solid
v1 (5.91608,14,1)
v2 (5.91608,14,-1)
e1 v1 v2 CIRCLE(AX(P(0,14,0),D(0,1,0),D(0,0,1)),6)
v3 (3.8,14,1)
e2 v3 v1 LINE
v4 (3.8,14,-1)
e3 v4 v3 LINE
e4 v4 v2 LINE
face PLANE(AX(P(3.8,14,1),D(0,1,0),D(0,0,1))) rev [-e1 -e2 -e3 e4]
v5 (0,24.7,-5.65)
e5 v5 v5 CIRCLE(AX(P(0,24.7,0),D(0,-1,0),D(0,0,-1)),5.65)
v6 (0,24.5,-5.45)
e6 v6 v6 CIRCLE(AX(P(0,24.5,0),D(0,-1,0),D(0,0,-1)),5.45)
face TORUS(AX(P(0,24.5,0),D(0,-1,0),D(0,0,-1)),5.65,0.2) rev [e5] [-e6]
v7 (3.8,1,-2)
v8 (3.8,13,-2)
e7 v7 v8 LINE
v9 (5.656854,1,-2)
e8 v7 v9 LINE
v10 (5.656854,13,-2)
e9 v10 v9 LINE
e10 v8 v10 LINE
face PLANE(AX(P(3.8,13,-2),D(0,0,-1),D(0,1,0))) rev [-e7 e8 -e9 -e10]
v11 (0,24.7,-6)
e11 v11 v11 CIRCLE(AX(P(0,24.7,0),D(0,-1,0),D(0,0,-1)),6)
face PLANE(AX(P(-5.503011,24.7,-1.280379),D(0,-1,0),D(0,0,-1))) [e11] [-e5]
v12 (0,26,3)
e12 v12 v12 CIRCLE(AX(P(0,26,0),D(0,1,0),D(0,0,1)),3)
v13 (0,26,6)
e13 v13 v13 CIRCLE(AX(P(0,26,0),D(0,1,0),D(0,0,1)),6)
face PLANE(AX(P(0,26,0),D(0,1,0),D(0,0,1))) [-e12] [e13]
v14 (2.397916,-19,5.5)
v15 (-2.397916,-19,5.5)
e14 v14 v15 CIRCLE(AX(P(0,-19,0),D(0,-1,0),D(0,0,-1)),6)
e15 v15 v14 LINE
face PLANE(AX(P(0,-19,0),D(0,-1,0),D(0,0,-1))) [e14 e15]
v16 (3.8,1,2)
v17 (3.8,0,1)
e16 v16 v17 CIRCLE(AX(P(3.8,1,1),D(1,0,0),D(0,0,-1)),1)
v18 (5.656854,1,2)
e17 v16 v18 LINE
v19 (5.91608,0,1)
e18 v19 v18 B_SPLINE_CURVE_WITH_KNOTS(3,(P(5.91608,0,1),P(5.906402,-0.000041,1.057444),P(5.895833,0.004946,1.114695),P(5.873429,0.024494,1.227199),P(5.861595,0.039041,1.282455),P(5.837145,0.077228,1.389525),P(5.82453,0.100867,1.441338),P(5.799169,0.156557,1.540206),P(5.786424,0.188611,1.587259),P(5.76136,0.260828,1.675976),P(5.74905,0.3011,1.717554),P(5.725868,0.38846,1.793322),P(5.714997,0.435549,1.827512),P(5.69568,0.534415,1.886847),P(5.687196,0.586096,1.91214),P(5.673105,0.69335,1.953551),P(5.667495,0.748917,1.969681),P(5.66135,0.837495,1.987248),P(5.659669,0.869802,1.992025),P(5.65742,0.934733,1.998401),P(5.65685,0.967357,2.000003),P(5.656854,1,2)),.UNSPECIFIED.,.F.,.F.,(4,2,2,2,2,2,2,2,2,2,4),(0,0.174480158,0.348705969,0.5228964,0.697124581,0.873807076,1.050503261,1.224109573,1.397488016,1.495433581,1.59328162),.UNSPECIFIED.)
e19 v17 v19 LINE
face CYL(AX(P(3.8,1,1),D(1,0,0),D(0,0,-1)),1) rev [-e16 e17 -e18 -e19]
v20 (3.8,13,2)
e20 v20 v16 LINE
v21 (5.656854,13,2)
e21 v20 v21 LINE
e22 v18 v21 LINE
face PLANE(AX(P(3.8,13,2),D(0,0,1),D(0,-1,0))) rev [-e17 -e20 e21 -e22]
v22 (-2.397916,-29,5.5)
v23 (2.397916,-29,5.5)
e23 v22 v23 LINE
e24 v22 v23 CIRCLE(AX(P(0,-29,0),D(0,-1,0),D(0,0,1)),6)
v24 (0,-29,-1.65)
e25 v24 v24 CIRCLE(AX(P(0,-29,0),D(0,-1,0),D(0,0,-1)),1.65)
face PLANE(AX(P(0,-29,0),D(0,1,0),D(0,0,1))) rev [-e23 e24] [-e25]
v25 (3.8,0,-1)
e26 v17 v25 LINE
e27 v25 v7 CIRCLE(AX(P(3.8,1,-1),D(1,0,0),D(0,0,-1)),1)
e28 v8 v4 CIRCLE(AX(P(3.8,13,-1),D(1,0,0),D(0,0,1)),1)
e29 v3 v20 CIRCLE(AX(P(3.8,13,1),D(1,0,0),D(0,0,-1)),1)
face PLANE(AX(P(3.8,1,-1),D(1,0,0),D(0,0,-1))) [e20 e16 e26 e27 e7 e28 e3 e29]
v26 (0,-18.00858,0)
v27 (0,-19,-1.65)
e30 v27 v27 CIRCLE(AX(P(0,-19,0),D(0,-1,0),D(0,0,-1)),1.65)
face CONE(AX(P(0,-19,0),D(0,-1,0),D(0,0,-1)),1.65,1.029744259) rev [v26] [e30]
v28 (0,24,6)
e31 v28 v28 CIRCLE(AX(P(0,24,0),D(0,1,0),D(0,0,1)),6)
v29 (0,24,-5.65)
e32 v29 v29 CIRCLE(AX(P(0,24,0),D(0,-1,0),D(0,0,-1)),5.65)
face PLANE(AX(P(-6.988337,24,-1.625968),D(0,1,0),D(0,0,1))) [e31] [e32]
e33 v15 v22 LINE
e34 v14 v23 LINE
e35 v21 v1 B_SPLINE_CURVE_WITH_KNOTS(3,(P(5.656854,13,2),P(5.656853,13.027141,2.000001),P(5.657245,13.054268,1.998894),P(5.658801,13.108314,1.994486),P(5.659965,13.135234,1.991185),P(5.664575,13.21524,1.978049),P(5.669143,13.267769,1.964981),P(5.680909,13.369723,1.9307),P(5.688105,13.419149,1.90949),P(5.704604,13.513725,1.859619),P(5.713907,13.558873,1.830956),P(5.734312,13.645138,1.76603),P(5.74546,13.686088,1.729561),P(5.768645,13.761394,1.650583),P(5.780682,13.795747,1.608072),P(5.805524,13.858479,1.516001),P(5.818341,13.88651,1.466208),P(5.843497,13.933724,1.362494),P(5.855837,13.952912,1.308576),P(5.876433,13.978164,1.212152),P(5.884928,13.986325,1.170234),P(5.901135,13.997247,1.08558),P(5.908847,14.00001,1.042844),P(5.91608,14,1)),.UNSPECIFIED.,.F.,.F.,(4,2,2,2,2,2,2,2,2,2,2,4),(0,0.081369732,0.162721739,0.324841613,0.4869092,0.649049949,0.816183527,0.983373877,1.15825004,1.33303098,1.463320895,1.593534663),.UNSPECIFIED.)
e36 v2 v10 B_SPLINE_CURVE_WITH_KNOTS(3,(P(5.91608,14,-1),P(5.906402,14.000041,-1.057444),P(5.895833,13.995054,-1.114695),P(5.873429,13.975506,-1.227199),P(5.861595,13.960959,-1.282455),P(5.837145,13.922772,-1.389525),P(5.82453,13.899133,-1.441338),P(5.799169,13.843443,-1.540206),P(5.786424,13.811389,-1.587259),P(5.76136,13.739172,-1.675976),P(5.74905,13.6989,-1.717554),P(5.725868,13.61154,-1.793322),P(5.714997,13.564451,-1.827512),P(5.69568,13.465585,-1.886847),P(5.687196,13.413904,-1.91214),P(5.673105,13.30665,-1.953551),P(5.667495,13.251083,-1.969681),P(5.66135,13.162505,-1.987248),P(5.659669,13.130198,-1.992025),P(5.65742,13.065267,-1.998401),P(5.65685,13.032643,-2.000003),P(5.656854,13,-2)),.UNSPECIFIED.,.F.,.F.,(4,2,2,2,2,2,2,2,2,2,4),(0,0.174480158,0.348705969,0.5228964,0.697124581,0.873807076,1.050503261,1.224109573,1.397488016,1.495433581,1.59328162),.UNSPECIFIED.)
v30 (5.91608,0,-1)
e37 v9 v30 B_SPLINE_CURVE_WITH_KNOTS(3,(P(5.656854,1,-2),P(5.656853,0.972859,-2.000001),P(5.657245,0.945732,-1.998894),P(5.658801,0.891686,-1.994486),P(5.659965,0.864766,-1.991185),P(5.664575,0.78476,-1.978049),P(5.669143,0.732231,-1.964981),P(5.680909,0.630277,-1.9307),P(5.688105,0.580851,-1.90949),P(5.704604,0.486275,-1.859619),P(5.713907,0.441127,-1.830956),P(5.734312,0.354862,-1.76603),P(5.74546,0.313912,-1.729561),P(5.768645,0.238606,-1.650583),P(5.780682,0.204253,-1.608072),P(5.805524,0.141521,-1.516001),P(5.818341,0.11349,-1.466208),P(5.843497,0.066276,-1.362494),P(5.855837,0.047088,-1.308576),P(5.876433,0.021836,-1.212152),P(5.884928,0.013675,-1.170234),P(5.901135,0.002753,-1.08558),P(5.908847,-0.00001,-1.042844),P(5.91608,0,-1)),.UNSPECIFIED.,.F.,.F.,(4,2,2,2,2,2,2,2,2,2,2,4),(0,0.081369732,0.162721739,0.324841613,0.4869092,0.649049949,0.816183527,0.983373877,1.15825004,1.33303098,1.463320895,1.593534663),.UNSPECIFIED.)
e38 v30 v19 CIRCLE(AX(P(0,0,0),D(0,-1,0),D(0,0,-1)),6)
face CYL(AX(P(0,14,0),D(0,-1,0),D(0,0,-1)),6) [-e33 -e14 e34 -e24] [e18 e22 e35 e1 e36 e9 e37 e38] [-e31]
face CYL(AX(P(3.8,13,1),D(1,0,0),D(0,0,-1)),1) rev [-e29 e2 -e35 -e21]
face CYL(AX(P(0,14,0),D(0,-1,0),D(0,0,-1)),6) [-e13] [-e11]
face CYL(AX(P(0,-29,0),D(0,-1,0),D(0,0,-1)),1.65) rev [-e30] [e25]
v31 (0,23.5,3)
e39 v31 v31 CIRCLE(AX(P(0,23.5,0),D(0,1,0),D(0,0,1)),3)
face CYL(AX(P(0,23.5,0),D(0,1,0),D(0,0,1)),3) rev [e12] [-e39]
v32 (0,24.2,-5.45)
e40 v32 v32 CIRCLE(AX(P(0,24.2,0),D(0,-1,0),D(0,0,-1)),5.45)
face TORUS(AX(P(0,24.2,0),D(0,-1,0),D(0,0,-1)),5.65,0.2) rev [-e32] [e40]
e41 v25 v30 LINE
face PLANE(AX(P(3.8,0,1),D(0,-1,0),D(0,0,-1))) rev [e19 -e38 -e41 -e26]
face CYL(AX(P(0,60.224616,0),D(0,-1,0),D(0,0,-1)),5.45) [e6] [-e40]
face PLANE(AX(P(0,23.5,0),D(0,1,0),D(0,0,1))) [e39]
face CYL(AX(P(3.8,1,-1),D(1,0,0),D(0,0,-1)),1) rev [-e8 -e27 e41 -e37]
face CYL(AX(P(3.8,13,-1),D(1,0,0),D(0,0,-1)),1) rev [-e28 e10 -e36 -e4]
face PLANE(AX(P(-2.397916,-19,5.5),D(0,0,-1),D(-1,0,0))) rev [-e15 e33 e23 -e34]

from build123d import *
from build123d.topology import SkipClean

# Parameters (mm, degrees)
BOSS_EXTRUDE1_DEPTH   = 14
SKETCH2_R             = 6
BOSS_EXTRUDE2_DEPTH   = 12
BOSS_EXTRUDE3_START   = 15
SKETCH3_R             = 6
BOSS_EXTRUDE3_DEPTH   = 15
CUT_EXTRUDE1_DEPTH    = 2.2
BOSS_EXTRUDE4_START   = 14
BOSS_EXTRUDE4_DEPTH   = 14
CUT_EXTRUDE2_DEPTH    = 10
SKETCH24_R            = 3
CUT_EXTRUDE3_DEPTH    = 2.5
M4_TAPPED_HOLE1_D     = 3.3
M4_TAPPED_HOLE1_DEPTH = 10
M4_TAPPED_HOLE1_TIP   = 0.991420021


with BuildPart() as part:
    # Sketch1 → Boss-Extrude1 (new body)
    with BuildSketch(Plane(origin=(0, 0, 0), x_dir=(1, 0, 0), z_dir=(0, 1, 0))):
        with BuildLine():
            ThreePointArc((5.656854249, 2), (-6, 0), (5.656854249, -2))
            ThreePointArc((5.656854249, -2), (6, 0), (5.656854249, 2))
        make_face()
    extrude(amount=BOSS_EXTRUDE1_DEPTH)

    # Sketch2 → Boss-Extrude2 (add)
    with BuildSketch(Plane(origin=(0, 14, 0), x_dir=(1, 0, 0), z_dir=(0, 1, 0))):
        with Locations(Location((0, 0, 0), (0, 0, 270))):
            Circle(SKETCH2_R)
    extrude(amount=BOSS_EXTRUDE2_DEPTH)

    # Sketch3 → Boss-Extrude3 (add)
    with BuildSketch(Plane.XZ.offset(BOSS_EXTRUDE3_START)):
        with Locations(Location((0, 0, 0), (0, 0, 270))):
            Circle(SKETCH3_R)
    extrude(amount=-BOSS_EXTRUDE3_DEPTH)

    # Groove Sketch → Retaining Ring Groove (revolve, cut)
    with BuildSketch(Plane(origin=(1.604252923, 12.182890291, 0.373259529), x_dir=(-0.9343262431877186, 0.2824476966643587, -0.2173885230174828), z_dir=(-0.2266157025474993, 0, 0.9739842521103221)), mode=Mode.PRIVATE) as retaining_ring_groove_sk:
        with BuildLine():
            Line((10.535414006, -9.946396708), (11.998320123, -9.51566397))
            Line((11.998320123, -9.51566397), (11.800606735, -8.84416608))
            Line((11.800606735, -8.84416608), (10.337700618, -9.274898818))
            ThreePointArc((10.337700618, -9.274898818), (10.21858296, -9.371036434), (10.202333617, -9.523244897))
            Line((10.202333617, -9.523244897), (10.287067926, -9.811029707))
            ThreePointArc((10.287067926, -9.811029707), (10.383205542, -9.930147365), (10.535414006, -9.946396708))
        make_face()
    revolve(retaining_ring_groove_sk.sketch.rotate(Axis((0, 60.224615576, 0), (0, -1, 0)), 76.902094509), axis=Axis((0, 60.224615576, 0), (0, -1, 0)), mode=Mode.SUBTRACT)

    # Sketch21 → Cut-Extrude1 (cut)
    with SkipClean():  # the faces are left unmerged after this step: merging them gives an invalid solid
        with BuildSketch(Plane(origin=(6, 0, 0), x_dir=(0, 0, -1), z_dir=(1, 0, 0))):
            with BuildLine():
                Line((-1, 14), (1, 14))
                ThreePointArc((1, 14), (1.707106781, 13.707106781), (2, 13))
                Line((2, 13), (2, 1))
                ThreePointArc((2, 1), (1.707106781, 0.292893219), (1, 0))
                Line((1, 0), (-1, 0))
                ThreePointArc((-1, 0), (-1.707106781, 0.292893219), (-2, 1))
                Line((-2, 1), (-2, 13))
                ThreePointArc((-2, 13), (-1.707106781, 13.707106781), (-1, 14))
            make_face()
        extrude(amount=-CUT_EXTRUDE1_DEPTH, mode=Mode.SUBTRACT)

    # Sketch22 → Boss-Extrude4 (add)
    with SkipClean():  # the faces are left unmerged after this step: merging them gives an invalid solid
        with BuildSketch(Plane.XZ.offset(15).offset(BOSS_EXTRUDE4_START)):
            with BuildLine():
                ThreePointArc((2.397915762, -5.5), (0, 6), (-2.397915762, -5.5))
                ThreePointArc((-2.397915762, -5.5), (0, -6), (2.397915762, -5.5))
            make_face()
        extrude(amount=-BOSS_EXTRUDE4_DEPTH)

    # Sketch23 → Cut-Extrude2 (cut)
    with SkipClean():  # the faces are left unmerged after this step: merging them gives an invalid solid
        with BuildSketch(Plane.XZ.offset(29)):
            with BuildLine():
                Line((-2.397915762, 5.5), (2.397915762, 5.5))
                ThreePointArc((2.397915762, 5.5), (0, 6), (-2.397915762, 5.5))
            make_face()
        extrude(amount=-CUT_EXTRUDE2_DEPTH, mode=Mode.SUBTRACT)

    # Sketch24 → Cut-Extrude3 (cut)
    with SkipClean():  # the faces are left unmerged after this step: merging them gives an invalid solid
        with BuildSketch(Plane(origin=(0, 26, 0), x_dir=(1, 0, 0), z_dir=(0, 1, 0))):
            with Locations(Location((0, 0, 0), (0, 0, 270))):
                Circle(SKETCH24_R)
        extrude(amount=-CUT_EXTRUDE3_DEPTH, mode=Mode.SUBTRACT)

    # M4 Tapped Hole1
    with Locations(Plane(origin=(0, -29, 0), x_dir=(-1, 0, 0), z_dir=(0, -1, 0))):
        with Locations((0, 0)):
            Hole(M4_TAPPED_HOLE1_D / 2, depth=M4_TAPPED_HOLE1_DEPTH)
            with Locations((0, 0, -(M4_TAPPED_HOLE1_DEPTH + M4_TAPPED_HOLE1_TIP / 2))):  # 118° drill point
                Cone(0, M4_TAPPED_HOLE1_D / 2, M4_TAPPED_HOLE1_TIP, mode=Mode.SUBTRACT)


solid = part.part
